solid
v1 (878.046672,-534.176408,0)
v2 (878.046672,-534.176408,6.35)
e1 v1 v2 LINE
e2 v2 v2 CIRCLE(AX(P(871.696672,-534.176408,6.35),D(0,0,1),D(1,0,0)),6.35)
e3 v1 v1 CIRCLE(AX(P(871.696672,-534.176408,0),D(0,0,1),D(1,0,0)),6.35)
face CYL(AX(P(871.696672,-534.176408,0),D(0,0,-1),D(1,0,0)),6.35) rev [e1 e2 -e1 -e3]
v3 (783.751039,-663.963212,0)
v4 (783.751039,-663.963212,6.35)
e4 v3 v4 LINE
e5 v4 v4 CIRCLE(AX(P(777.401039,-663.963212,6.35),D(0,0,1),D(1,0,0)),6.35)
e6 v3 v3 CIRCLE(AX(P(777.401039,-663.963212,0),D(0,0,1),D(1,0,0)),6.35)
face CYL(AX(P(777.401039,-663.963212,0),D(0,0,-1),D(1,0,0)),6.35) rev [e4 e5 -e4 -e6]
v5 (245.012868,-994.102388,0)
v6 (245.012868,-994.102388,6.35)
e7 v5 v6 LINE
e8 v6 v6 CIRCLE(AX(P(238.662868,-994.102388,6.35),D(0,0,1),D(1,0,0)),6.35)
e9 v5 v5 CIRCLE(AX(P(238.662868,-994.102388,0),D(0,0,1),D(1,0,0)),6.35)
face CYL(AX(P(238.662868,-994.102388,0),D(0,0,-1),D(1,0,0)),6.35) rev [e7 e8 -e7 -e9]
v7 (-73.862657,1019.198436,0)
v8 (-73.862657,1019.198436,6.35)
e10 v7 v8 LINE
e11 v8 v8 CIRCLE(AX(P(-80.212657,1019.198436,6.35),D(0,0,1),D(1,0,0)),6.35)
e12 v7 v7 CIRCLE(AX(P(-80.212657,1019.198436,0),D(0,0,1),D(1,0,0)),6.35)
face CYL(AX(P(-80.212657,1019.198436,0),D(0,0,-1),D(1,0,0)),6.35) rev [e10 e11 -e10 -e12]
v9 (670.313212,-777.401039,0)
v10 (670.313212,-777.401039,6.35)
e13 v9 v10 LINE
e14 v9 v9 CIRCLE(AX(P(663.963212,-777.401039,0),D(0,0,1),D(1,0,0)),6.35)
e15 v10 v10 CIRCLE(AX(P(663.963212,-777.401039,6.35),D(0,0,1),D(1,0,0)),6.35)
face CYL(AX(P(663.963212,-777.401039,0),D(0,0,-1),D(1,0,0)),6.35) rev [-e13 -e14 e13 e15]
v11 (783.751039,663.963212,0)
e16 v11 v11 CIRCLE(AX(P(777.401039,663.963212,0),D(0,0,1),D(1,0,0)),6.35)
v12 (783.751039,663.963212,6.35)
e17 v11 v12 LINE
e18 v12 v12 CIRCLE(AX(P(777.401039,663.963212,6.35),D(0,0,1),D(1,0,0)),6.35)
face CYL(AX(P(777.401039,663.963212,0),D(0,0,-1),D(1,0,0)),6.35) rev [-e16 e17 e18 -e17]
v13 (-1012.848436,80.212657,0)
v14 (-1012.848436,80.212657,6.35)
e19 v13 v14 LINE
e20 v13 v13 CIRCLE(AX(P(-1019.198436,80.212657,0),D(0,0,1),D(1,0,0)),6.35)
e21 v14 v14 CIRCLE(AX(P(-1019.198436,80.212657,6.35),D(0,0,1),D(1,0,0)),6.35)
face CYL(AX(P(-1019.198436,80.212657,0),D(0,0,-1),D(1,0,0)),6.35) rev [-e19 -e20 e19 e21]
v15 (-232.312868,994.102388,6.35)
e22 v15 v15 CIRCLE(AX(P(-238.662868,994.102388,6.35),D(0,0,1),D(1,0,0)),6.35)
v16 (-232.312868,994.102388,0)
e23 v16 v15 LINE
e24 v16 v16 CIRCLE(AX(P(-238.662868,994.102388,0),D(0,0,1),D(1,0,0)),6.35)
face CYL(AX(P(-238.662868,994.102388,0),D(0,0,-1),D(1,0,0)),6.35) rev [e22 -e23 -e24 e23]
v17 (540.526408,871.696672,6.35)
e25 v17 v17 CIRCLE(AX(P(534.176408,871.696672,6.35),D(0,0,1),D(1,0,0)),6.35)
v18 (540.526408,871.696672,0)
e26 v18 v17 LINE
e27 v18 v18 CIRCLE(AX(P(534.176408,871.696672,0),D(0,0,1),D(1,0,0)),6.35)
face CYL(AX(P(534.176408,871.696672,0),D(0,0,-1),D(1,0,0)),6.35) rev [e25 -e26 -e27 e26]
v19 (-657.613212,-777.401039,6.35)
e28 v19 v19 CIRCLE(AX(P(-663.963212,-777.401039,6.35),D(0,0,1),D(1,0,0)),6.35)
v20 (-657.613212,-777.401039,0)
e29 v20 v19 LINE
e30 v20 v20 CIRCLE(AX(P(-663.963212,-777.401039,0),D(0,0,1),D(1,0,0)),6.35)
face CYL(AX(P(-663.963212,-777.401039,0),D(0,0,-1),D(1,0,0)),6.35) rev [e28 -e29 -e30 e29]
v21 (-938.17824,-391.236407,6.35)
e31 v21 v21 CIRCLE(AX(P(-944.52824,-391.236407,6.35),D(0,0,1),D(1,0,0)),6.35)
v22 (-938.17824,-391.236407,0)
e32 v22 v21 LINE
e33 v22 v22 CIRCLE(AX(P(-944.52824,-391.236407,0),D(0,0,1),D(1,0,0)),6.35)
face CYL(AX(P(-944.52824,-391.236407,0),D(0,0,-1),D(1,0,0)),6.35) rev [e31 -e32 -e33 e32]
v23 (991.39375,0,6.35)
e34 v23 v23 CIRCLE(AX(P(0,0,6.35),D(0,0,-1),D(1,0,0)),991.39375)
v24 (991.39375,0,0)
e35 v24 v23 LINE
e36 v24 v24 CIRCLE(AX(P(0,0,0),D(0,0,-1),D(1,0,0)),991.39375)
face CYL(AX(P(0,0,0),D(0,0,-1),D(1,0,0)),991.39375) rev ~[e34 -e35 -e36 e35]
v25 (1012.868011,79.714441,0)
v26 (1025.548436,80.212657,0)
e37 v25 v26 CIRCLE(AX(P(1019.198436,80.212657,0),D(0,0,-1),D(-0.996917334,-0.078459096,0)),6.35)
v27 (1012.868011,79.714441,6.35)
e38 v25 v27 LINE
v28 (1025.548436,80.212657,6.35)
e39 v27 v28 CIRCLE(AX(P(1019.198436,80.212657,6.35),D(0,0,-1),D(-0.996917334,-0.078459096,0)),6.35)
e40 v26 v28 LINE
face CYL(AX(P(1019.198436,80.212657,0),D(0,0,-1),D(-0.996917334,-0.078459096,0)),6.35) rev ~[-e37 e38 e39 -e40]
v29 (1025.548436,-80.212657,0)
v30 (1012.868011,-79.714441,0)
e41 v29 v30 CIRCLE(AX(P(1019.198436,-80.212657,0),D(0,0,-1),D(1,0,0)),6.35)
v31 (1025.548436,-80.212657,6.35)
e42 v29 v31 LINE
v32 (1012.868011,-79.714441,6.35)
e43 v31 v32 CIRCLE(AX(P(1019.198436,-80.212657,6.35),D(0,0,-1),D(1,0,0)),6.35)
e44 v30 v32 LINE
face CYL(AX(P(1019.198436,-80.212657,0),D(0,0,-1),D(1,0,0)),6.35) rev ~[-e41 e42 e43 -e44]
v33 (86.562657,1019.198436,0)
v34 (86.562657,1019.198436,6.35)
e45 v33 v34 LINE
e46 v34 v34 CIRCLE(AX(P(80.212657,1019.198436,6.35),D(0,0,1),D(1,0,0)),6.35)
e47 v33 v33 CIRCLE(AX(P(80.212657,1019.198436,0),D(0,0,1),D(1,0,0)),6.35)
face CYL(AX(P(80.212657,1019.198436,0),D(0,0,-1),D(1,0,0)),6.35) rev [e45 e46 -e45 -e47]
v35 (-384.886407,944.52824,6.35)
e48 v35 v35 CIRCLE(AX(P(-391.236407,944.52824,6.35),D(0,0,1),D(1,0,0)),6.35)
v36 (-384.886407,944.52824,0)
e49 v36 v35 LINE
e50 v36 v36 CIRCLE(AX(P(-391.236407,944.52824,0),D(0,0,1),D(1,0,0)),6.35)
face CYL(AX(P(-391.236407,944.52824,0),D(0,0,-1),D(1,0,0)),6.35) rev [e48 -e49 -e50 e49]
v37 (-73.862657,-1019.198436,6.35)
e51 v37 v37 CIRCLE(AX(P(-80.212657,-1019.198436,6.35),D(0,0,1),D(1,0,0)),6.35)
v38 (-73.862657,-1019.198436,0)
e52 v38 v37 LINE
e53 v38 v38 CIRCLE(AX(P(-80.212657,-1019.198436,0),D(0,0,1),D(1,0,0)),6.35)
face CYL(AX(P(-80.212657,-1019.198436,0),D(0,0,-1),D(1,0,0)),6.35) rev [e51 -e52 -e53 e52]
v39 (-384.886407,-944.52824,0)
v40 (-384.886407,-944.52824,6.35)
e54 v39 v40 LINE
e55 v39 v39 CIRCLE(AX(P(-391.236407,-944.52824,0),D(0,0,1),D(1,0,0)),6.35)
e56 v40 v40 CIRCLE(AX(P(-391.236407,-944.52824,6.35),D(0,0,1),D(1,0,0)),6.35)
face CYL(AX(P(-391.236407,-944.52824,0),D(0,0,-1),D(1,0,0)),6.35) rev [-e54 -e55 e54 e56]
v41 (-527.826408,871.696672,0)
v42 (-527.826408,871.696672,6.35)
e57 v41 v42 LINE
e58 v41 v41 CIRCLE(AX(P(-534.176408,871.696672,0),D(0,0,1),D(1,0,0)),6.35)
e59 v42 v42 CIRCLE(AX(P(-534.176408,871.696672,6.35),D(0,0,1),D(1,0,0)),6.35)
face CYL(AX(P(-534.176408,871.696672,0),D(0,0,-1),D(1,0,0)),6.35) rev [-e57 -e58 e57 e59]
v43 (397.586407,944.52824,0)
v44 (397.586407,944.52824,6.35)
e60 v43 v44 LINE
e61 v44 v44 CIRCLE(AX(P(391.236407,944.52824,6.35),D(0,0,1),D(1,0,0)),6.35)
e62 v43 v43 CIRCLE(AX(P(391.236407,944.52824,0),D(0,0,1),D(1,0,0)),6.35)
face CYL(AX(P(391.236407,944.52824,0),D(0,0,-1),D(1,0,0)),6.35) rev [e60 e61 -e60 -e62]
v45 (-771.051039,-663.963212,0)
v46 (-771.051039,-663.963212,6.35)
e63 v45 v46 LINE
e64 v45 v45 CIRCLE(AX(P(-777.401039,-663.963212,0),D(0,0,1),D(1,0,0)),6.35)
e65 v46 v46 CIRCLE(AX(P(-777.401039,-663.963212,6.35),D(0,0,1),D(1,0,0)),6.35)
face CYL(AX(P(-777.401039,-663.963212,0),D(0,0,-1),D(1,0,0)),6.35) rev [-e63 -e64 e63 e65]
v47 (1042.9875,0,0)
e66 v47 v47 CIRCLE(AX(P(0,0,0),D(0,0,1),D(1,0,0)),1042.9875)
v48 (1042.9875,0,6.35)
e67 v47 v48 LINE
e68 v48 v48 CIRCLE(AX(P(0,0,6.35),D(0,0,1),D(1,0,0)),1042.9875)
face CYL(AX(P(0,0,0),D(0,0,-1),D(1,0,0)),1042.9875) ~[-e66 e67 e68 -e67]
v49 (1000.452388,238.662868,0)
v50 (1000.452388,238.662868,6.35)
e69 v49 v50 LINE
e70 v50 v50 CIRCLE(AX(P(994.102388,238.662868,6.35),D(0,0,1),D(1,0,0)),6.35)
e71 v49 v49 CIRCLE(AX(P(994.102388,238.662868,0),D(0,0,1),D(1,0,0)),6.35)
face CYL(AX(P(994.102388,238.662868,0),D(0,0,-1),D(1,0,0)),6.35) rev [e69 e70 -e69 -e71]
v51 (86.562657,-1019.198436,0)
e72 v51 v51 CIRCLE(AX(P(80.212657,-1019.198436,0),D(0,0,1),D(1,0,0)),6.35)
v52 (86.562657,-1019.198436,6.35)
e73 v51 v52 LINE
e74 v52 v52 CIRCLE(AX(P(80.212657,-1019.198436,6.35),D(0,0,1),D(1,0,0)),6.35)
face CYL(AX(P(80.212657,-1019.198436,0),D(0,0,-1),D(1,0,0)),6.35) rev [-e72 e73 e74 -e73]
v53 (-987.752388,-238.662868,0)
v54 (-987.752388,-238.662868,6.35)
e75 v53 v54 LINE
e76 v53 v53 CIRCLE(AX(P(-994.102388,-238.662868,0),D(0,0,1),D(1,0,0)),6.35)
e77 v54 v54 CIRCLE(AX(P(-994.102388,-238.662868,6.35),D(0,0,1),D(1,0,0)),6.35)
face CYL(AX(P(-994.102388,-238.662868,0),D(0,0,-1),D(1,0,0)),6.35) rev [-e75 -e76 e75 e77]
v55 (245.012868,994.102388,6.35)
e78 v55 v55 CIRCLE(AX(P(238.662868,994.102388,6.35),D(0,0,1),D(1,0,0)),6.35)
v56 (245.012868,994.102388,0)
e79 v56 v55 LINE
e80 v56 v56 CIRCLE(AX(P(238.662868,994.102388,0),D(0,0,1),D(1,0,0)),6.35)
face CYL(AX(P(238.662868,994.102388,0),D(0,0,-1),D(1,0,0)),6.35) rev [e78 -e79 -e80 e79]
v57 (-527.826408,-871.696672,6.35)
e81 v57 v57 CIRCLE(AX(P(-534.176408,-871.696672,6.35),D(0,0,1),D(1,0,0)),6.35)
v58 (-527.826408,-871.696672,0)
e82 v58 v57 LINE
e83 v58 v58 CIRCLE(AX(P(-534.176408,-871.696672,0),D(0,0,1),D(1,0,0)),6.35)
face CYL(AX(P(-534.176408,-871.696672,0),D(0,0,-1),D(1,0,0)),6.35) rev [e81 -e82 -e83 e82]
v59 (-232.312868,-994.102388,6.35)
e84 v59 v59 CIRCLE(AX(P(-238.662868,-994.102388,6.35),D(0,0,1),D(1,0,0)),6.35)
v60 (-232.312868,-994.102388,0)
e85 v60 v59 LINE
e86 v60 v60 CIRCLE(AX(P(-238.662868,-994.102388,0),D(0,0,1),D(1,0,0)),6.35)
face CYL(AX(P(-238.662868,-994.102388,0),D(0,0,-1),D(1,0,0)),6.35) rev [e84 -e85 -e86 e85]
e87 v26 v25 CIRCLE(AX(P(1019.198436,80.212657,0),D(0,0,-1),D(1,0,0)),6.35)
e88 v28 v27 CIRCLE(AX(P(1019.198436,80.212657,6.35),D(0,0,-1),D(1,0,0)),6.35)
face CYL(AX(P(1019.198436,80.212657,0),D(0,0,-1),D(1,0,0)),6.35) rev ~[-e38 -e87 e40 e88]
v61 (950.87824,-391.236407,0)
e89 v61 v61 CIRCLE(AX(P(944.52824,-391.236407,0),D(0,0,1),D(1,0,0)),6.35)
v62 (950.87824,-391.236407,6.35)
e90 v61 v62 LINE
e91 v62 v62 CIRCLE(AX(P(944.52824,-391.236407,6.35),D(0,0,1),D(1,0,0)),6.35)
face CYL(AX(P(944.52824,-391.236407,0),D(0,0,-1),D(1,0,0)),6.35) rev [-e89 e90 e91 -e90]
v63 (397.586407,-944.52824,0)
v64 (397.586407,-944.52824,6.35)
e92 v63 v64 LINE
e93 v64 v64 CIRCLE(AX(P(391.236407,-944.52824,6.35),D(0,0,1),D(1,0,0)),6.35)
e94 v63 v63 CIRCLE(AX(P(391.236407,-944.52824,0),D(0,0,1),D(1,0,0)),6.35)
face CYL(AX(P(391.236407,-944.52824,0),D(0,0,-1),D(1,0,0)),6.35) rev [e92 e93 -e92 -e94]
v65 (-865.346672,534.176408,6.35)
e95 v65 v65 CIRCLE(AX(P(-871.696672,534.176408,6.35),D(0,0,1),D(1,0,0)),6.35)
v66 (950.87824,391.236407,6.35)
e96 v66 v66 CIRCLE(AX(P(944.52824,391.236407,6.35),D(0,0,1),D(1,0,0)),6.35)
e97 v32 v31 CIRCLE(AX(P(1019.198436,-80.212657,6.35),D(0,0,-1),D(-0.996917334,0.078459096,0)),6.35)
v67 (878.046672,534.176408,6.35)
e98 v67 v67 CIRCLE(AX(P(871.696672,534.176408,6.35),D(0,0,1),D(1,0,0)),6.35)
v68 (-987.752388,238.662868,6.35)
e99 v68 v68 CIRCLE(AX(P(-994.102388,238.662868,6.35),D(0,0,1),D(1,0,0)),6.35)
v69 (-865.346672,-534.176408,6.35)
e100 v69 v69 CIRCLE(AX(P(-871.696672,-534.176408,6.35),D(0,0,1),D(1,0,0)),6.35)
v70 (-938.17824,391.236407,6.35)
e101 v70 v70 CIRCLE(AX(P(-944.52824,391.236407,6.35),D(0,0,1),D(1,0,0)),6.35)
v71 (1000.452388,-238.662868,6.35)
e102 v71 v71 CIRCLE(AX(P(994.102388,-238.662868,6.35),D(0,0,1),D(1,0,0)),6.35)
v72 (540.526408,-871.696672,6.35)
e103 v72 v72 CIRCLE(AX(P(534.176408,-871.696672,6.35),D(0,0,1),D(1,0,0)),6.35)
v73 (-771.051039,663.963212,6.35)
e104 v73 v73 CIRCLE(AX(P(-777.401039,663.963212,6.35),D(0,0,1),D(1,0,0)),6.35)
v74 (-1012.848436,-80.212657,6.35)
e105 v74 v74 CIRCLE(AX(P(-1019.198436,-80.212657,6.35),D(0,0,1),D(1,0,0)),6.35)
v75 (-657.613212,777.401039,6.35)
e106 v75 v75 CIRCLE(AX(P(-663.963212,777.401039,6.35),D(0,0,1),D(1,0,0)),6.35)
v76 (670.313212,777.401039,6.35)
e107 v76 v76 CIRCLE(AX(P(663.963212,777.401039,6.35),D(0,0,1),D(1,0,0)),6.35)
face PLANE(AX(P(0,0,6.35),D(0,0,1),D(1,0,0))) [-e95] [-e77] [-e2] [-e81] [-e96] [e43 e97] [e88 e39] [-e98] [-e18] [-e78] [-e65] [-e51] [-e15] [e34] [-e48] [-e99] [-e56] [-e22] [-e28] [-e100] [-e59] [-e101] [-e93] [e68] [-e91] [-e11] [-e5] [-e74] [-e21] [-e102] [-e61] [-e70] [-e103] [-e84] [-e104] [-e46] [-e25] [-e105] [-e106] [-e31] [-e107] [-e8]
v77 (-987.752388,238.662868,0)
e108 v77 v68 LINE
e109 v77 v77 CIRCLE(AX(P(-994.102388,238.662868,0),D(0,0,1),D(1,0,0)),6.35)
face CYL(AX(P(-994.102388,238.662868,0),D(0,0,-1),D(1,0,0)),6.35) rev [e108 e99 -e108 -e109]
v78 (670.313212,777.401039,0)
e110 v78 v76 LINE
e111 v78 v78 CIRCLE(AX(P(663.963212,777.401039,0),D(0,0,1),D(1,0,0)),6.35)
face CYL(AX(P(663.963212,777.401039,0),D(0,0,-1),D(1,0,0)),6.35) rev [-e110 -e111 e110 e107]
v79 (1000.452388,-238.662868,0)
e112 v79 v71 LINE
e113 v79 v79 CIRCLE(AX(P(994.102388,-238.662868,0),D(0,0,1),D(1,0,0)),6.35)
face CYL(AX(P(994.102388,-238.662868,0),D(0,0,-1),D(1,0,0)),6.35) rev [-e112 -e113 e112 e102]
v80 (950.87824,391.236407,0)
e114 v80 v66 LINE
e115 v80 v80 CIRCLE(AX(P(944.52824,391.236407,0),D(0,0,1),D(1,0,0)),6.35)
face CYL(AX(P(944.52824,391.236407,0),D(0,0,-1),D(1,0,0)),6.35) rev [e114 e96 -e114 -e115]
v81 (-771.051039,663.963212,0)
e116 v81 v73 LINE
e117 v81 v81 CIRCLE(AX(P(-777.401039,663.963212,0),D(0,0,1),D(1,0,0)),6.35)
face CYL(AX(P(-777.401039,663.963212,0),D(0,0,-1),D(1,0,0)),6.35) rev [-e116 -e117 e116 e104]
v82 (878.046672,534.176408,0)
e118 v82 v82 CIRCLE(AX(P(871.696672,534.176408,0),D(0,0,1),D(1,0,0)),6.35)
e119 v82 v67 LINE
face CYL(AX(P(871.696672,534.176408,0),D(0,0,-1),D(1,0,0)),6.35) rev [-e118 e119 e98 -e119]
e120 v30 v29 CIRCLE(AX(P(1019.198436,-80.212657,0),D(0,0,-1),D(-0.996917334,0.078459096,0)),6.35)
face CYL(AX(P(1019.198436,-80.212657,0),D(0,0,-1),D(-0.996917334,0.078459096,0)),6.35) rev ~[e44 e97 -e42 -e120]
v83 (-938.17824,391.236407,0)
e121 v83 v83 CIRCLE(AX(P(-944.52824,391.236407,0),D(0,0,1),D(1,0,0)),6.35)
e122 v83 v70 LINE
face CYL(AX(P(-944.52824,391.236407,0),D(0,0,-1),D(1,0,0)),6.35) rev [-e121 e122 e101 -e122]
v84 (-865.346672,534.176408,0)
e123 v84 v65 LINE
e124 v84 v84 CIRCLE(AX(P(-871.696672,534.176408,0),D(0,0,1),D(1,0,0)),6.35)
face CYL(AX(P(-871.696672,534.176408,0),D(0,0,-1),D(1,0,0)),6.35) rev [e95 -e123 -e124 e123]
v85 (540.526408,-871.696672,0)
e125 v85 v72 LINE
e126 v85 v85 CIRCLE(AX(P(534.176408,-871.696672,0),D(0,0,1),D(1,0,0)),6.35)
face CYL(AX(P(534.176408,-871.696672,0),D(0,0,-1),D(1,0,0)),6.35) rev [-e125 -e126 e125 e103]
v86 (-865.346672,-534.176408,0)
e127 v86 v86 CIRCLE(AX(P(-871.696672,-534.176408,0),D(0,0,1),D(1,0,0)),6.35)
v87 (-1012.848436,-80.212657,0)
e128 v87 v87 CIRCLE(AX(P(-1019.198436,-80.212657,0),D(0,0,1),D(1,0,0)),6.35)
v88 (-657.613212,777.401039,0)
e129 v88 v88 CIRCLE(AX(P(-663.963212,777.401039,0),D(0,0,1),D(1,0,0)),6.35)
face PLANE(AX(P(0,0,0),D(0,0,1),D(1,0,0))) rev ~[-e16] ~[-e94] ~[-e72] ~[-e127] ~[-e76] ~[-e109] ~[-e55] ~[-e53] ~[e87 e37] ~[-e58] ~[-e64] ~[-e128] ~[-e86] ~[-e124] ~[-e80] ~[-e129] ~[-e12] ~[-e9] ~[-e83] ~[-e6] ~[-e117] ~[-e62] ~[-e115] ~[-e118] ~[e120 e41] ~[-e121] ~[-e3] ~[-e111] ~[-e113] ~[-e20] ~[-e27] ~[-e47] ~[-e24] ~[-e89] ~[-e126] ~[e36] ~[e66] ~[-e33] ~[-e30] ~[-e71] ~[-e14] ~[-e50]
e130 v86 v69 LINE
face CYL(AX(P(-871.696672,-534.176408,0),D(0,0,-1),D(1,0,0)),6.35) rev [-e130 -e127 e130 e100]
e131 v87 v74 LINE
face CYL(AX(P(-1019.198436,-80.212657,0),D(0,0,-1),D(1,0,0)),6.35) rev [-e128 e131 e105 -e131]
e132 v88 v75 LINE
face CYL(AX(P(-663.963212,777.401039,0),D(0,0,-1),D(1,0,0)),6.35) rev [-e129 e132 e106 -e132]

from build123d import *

# Parameters (mm, degrees)
F0_R     = 1042.9875
F0_R_2   = 6.35
F1_DEPTH = 6.35


with BuildPart() as f1:
    # F0 (on Top) → F1 (new body)
    with BuildSketch(Plane.XY):
        Circle(F0_R)
        with Locations((-534.1764076374, -871.6966720274)):
            Circle(F0_R_2, mode=Mode.SUBTRACT)
        with Locations((-871.6966720274, -534.1764076374)):
            Circle(F0_R_2, mode=Mode.SUBTRACT)
        with Locations((-663.9632122104, -777.4010389312)):
            Circle(F0_R_2, mode=Mode.SUBTRACT)
        with Locations((-777.4010389312, -663.9632122104)):
            Circle(F0_R_2, mode=Mode.SUBTRACT)
        with Locations((-391.2364070784, -944.5282400629)):
            Circle(F0_R_2, mode=Mode.SUBTRACT)
        with Locations((-238.6628677381, -994.1023881186)):
            Circle(F0_R_2, mode=Mode.SUBTRACT)
        with Locations((-80.2126565174, -1019.1984361421)):
            Circle(F0_R_2, mode=Mode.SUBTRACT)
        with Locations((-944.5282400629, -391.2364070784)):
            Circle(F0_R_2, mode=Mode.SUBTRACT)
        with Locations((-994.1023881186, -238.6628677381)):
            Circle(F0_R_2, mode=Mode.SUBTRACT)
        with Locations((-1019.1984361421, -80.2126565174)):
            Circle(F0_R_2, mode=Mode.SUBTRACT)
        with Locations((80.2126565174, -1019.1984361421)):
            Circle(F0_R_2, mode=Mode.SUBTRACT)
        with Locations((238.6628677381, -994.1023881186)):
            Circle(F0_R_2, mode=Mode.SUBTRACT)
        with Locations((391.2364070784, -944.5282400629)):
            Circle(F0_R_2, mode=Mode.SUBTRACT)
        with Locations((534.1764076374, -871.6966720274)):
            Circle(F0_R_2, mode=Mode.SUBTRACT)
        with Locations((663.9632122104, -777.4010389312)):
            Circle(F0_R_2, mode=Mode.SUBTRACT)
        with Locations((777.4010389312, -663.9632122104)):
            Circle(F0_R_2, mode=Mode.SUBTRACT)
        with Locations((871.6966720274, -534.1764076374)):
            Circle(F0_R_2, mode=Mode.SUBTRACT)
        with Locations((944.5282400629, -391.2364070784)):
            Circle(F0_R_2, mode=Mode.SUBTRACT)
        with Locations((994.1023881186, -238.6628677381)):
            Circle(F0_R_2, mode=Mode.SUBTRACT)
        with BuildLine():
            ThreePointArc((1025.5484361421, -80.2126565174), (1018.949136312, -86.5577608975), (1012.8680110729, -79.7144412595))
            ThreePointArc((1012.8680110729, -79.7144412595), (1019.4477359721, -73.8675521372), (1025.5484361421, -80.2126565174))
        make_face(mode=Mode.SUBTRACT)
        with Locations((-1019.1984361421, 80.2126565174)):
            Circle(F0_R_2, mode=Mode.SUBTRACT)
        with Locations((-994.1023881186, 238.6628677381)):
            Circle(F0_R_2, mode=Mode.SUBTRACT)
        with Locations((-944.5282400629, 391.2364070784)):
            Circle(F0_R_2, mode=Mode.SUBTRACT)
        with Locations((-871.6966720274, 534.1764076374)):
            Circle(F0_R_2, mode=Mode.SUBTRACT)
        with Locations((-777.4010389312, 663.9632122104)):
            Circle(F0_R_2, mode=Mode.SUBTRACT)
        with Locations((-663.9632122104, 777.4010389312)):
            Circle(F0_R_2, mode=Mode.SUBTRACT)
        with Locations((-534.1764076374, 871.6966720274)):
            Circle(F0_R_2, mode=Mode.SUBTRACT)
        with Locations((-391.2364070784, 944.5282400629)):
            Circle(F0_R_2, mode=Mode.SUBTRACT)
        with Locations((-238.6628677381, 994.1023881186)):
            Circle(F0_R_2, mode=Mode.SUBTRACT)
        with Locations((-80.2126565174, 1019.1984361421)):
            Circle(F0_R_2, mode=Mode.SUBTRACT)
        with BuildLine():
            ThreePointArc((988.3376139297, 77.7838571352), (990.6294213476, 38.9219359697), (991.39375, 0))
            ThreePointArc((991.39375, 0), (990.6294213476, -38.9219359697), (988.3376139297, -77.7838571352))
            ThreePointArc((988.3376139297, -77.7838571352), (-991.39375, 0), (988.3376139297, 77.7838571352))
        make_face(mode=Mode.SUBTRACT)
        with BuildLine():
            ThreePointArc((1025.5484361421, 80.2126565174), (1019.4477359721, 73.8675521372), (1012.8680110729, 79.7144412595))
            ThreePointArc((1012.8680110729, 79.7144412595), (1018.949136312, 86.5577608975), (1025.5484361421, 80.2126565174))
        make_face(mode=Mode.SUBTRACT)
        with Locations((994.1023881186, 238.6628677381)):
            Circle(F0_R_2, mode=Mode.SUBTRACT)
        with Locations((944.5282400629, 391.2364070784)):
            Circle(F0_R_2, mode=Mode.SUBTRACT)
        with Locations((80.2126565174, 1019.1984361421)):
            Circle(F0_R_2, mode=Mode.SUBTRACT)
        with Locations((238.6628677381, 994.1023881186)):
            Circle(F0_R_2, mode=Mode.SUBTRACT)
        with Locations((391.2364070784, 944.5282400629)):
            Circle(F0_R_2, mode=Mode.SUBTRACT)
        with Locations((777.4010389312, 663.9632122104)):
            Circle(F0_R_2, mode=Mode.SUBTRACT)
        with Locations((663.9632122104, 777.4010389312)):
            Circle(F0_R_2, mode=Mode.SUBTRACT)
        with Locations((871.6966720274, 534.1764076374)):
            Circle(F0_R_2, mode=Mode.SUBTRACT)
        with Locations((534.1764076374, 871.6966720274)):
            Circle(F0_R_2, mode=Mode.SUBTRACT)
    extrude(amount=F1_DEPTH)


solid = f1.part
